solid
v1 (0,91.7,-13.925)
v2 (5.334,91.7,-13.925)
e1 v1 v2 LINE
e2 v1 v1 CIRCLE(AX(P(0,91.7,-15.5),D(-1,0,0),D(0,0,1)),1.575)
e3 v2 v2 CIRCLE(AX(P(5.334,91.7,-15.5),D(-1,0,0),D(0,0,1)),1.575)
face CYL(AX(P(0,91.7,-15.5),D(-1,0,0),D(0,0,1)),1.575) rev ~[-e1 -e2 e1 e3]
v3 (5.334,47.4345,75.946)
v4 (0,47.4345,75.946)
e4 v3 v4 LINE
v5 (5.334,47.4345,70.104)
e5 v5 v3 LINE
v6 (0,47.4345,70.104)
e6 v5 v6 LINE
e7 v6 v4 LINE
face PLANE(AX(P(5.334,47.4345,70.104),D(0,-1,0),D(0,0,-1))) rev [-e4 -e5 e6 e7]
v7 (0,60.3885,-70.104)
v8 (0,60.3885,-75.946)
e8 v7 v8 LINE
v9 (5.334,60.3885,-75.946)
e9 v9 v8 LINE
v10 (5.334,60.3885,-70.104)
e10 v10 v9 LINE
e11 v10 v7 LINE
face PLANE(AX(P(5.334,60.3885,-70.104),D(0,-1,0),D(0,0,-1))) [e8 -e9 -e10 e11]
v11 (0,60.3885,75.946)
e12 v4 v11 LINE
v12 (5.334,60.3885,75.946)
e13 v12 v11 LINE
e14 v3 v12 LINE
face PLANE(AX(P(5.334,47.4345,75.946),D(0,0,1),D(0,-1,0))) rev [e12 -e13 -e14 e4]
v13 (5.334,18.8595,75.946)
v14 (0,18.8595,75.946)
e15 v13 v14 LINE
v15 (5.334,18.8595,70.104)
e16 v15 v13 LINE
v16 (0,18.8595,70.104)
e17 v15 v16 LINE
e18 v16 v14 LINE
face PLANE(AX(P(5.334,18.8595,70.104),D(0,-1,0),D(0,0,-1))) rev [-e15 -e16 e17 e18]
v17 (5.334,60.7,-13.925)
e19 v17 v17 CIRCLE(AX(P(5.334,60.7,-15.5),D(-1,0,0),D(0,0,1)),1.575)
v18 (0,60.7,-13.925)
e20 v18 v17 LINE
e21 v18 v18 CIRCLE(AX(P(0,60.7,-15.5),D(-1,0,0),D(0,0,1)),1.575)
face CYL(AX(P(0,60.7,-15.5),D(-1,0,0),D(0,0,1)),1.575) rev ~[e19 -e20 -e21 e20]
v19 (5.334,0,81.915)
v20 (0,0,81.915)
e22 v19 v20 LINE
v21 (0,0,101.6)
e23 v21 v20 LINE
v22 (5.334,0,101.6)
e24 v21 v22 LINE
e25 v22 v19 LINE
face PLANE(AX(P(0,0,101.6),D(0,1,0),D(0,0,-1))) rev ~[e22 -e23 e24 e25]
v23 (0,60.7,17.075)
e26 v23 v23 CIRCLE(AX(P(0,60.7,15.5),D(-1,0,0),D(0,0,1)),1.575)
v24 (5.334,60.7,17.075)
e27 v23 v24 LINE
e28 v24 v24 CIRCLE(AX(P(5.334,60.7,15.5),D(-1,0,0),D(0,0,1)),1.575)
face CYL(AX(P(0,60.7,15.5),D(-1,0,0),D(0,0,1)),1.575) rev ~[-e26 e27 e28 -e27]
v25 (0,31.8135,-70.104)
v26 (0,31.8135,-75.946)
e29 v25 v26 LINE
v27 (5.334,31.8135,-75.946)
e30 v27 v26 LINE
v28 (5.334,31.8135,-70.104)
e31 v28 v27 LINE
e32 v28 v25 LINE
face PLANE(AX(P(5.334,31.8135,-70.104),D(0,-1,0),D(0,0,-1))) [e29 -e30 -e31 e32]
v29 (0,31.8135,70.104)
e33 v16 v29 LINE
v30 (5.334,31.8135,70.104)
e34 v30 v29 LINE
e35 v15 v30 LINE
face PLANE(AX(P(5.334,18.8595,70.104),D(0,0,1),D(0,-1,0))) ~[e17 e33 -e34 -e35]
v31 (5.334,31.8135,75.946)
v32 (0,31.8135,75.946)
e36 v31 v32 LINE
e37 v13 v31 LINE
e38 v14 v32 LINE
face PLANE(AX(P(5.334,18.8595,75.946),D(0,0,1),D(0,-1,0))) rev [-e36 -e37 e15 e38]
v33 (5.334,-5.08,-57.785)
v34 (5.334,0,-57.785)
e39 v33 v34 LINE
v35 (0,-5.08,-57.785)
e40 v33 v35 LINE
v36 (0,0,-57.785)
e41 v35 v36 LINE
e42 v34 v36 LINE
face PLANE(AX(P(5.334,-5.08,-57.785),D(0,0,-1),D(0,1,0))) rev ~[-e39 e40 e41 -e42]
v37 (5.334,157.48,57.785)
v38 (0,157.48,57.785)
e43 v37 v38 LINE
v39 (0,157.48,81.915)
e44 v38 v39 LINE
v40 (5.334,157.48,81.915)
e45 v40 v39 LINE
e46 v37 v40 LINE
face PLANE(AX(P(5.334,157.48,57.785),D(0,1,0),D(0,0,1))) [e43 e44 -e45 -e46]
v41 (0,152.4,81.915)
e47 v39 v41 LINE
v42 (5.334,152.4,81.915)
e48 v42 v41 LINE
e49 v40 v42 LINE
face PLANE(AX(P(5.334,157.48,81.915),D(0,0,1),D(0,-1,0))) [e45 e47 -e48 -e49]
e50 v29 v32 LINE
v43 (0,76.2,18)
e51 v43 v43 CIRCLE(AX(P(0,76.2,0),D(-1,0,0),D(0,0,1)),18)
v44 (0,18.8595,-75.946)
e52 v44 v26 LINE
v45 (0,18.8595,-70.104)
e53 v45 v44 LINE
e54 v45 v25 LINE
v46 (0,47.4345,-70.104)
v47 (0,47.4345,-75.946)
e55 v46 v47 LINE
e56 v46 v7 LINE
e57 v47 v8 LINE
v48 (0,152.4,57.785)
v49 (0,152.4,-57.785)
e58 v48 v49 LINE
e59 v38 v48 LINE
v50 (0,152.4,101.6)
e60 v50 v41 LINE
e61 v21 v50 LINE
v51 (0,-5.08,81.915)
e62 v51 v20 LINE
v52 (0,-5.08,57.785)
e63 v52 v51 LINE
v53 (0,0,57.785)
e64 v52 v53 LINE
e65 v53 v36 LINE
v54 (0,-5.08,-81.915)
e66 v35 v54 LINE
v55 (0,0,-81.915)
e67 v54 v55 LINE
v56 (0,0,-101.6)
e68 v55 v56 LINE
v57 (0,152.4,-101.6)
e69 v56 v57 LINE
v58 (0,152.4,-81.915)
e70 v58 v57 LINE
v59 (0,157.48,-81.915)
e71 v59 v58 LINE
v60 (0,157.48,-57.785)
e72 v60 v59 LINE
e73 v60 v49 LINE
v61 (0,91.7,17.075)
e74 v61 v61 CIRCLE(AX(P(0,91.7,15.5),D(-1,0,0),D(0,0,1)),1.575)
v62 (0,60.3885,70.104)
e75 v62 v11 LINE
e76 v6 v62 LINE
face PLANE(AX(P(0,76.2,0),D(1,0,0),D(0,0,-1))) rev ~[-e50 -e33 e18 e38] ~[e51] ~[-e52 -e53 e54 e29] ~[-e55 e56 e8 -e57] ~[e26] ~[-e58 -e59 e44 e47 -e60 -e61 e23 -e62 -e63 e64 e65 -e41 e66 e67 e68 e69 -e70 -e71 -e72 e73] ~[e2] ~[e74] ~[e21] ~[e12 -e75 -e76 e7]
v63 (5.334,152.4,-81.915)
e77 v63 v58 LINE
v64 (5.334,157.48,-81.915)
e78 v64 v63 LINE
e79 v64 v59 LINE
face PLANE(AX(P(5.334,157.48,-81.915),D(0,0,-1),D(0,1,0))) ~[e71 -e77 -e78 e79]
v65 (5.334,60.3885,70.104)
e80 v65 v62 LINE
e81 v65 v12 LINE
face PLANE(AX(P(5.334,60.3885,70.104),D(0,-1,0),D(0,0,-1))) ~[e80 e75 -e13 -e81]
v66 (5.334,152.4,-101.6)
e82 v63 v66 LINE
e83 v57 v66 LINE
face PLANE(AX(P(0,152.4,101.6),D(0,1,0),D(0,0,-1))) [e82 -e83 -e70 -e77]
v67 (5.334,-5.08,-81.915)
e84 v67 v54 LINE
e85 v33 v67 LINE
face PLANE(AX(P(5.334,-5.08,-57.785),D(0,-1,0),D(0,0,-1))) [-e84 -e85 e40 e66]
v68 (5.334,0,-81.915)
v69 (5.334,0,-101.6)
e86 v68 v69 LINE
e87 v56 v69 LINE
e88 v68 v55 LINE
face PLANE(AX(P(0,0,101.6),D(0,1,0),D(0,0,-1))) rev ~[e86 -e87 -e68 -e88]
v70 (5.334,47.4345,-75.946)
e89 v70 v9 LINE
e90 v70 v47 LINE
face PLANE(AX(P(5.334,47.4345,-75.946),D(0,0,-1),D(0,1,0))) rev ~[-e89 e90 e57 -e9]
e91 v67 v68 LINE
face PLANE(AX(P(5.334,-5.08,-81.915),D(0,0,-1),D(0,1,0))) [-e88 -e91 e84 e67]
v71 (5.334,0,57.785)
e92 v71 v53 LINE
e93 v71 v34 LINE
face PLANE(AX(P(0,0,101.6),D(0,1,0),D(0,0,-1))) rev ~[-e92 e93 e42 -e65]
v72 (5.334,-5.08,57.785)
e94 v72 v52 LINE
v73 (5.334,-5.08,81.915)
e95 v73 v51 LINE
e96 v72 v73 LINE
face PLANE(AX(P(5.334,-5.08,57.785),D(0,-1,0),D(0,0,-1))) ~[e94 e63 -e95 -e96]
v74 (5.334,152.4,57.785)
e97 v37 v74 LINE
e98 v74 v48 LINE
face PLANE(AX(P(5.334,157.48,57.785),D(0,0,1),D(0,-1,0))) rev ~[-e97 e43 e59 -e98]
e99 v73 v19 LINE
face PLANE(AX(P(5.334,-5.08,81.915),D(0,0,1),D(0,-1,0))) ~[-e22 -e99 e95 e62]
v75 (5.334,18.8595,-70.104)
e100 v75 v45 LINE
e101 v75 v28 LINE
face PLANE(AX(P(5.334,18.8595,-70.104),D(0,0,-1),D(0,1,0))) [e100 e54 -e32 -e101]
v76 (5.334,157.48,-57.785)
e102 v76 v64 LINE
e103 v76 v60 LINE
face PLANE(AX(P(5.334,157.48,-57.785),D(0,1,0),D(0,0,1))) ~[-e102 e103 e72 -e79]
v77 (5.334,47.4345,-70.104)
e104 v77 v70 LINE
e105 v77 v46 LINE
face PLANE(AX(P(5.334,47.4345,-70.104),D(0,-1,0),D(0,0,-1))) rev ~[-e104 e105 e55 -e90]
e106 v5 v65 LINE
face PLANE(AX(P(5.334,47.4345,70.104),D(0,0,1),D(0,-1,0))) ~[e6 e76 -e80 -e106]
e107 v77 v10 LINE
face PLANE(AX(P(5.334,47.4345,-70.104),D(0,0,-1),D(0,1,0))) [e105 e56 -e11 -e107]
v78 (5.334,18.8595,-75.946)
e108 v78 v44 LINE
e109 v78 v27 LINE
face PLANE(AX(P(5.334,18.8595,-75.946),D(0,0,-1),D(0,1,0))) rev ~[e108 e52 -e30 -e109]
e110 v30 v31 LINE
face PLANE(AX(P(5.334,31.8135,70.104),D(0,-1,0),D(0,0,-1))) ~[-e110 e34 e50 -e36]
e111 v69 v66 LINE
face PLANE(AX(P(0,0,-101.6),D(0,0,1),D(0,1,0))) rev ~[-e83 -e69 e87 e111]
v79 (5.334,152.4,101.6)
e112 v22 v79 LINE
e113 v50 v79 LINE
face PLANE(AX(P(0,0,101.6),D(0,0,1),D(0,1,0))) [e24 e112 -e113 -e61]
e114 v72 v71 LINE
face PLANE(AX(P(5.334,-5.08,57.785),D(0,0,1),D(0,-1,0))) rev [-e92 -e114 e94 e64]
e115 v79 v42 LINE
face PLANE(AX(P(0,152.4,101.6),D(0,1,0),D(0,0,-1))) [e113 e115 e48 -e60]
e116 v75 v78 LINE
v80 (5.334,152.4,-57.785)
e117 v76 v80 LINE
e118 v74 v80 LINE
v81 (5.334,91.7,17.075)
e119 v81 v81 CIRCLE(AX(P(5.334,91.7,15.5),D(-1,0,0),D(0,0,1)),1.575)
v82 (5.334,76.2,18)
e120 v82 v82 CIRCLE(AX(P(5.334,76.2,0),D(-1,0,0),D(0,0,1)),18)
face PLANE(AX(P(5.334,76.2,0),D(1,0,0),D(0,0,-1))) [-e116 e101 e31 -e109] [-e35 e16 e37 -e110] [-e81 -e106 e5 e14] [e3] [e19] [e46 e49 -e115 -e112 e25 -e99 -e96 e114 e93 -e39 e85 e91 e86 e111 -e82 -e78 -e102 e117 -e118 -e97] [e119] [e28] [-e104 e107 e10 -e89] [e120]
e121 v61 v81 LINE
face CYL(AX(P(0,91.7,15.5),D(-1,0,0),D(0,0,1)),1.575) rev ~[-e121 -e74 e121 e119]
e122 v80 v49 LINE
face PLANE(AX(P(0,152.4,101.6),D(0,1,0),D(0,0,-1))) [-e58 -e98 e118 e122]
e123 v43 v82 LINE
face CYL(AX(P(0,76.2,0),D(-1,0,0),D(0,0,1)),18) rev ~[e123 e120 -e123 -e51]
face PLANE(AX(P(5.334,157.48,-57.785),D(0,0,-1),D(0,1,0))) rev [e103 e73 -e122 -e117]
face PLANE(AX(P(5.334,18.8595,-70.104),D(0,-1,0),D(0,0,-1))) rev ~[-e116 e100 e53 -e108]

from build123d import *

# Parameters (mm, degrees)
SKETCH1_W               = 203.2
SKETCH1_H               = 152.4
BOSS_EXTRUDE2_DEPTH     = 5.334
SKETCH2_R               = 18
SKETCH2_R_2             = 1.575
CUT_EXTRUDE1_DEPTH      = 184.239656068
SKETCH3_W               = 24.13
SKETCH3_H               = 5.08
BOSS_EXTRUDE3_DEPTH     = 5.334
SKETCH4_W               = 5.842
SKETCH4_H               = 12.954
CUT_EXTRUDE2_DEPTH      = 184.239656068
MIRROR3_COPY_1_SKETCH_W = 24.13
MIRROR3_COPY_1_SKETCH_H = 5.08
MIRROR3_COPY_1_DEPTH    = 5.334


with BuildPart() as part:
    # Sketch1 → Boss-Extrude2 (new body)
    with BuildSketch(Plane(origin=(0, 0, 0), x_dir=(0, 0, -1), z_dir=(1, 0, 0))):
        with Locations((0, 76.2)):
            Rectangle(SKETCH1_W, SKETCH1_H)
    extrude(amount=BOSS_EXTRUDE2_DEPTH)

    # Sketch2 → Cut-Extrude1 (cut, through all)
    with BuildSketch(Plane.ZY):
        with Locations((0, 76.2)):
            Circle(SKETCH2_R)
        with Locations((-15.5, 91.7)):
            Circle(SKETCH2_R_2)
        with Locations((15.5, 91.7)):
            Circle(SKETCH2_R_2)
        with Locations((15.5, 60.7)):
            Circle(SKETCH2_R_2)
        with Locations((-15.5, 60.7)):
            Circle(SKETCH2_R_2)
    extrude(amount=-CUT_EXTRUDE1_DEPTH, mode=Mode.SUBTRACT)

    # Sketch3 → Boss-Extrude3 (add, through all)
    with BuildSketch(Plane(origin=(5.334, 0, 0), x_dir=(0, 0, -1), z_dir=(1, 0, 0))):
        with Locations((69.85, -2.54)):
            Rectangle(SKETCH3_W, SKETCH3_H)
    boss_extrude3 = extrude(amount=-BOSS_EXTRUDE3_DEPTH)

    # Mirror1: Boss-Extrude3 across plane
    add(boss_extrude3.mirror(Plane.XY))

    # Sketch4 → Cut-Extrude2 (cut, through all)
    with BuildSketch(Plane(origin=(5.334, 0, 0), x_dir=(0, 0, -1), z_dir=(1, 0, 0))):
        with Locations((73.025, 25.3365)):
            Rectangle(SKETCH4_W, SKETCH4_H)
        with Locations((73.025, 53.9115)):
            Rectangle(SKETCH4_W, SKETCH4_H)
    cut_extrude2 = extrude(amount=-CUT_EXTRUDE2_DEPTH, mode=Mode.SUBTRACT)

    # Mirror2: Cut-Extrude2 across plane
    add(cut_extrude2.mirror(Plane.XY), mode=Mode.SUBTRACT)

    # Mirror3: Boss-Extrude3 across plane
    add(boss_extrude3.mirror(Plane(origin=(0, 76.2, 0), x_dir=(0, 0, 1), z_dir=(0, -1, 0))))

    # Mirror3 copy 1 sketch → Mirror3 copy 1 (add, through all)
    with BuildSketch(Plane(origin=(5.334, 152.4, 0), x_dir=(0, 0, 1), z_dir=(1, 0, 0))):
        with Locations((69.85, -2.54)):
            Rectangle(MIRROR3_COPY_1_SKETCH_W, MIRROR3_COPY_1_SKETCH_H)
    extrude(amount=-MIRROR3_COPY_1_DEPTH)


solid = part.part
